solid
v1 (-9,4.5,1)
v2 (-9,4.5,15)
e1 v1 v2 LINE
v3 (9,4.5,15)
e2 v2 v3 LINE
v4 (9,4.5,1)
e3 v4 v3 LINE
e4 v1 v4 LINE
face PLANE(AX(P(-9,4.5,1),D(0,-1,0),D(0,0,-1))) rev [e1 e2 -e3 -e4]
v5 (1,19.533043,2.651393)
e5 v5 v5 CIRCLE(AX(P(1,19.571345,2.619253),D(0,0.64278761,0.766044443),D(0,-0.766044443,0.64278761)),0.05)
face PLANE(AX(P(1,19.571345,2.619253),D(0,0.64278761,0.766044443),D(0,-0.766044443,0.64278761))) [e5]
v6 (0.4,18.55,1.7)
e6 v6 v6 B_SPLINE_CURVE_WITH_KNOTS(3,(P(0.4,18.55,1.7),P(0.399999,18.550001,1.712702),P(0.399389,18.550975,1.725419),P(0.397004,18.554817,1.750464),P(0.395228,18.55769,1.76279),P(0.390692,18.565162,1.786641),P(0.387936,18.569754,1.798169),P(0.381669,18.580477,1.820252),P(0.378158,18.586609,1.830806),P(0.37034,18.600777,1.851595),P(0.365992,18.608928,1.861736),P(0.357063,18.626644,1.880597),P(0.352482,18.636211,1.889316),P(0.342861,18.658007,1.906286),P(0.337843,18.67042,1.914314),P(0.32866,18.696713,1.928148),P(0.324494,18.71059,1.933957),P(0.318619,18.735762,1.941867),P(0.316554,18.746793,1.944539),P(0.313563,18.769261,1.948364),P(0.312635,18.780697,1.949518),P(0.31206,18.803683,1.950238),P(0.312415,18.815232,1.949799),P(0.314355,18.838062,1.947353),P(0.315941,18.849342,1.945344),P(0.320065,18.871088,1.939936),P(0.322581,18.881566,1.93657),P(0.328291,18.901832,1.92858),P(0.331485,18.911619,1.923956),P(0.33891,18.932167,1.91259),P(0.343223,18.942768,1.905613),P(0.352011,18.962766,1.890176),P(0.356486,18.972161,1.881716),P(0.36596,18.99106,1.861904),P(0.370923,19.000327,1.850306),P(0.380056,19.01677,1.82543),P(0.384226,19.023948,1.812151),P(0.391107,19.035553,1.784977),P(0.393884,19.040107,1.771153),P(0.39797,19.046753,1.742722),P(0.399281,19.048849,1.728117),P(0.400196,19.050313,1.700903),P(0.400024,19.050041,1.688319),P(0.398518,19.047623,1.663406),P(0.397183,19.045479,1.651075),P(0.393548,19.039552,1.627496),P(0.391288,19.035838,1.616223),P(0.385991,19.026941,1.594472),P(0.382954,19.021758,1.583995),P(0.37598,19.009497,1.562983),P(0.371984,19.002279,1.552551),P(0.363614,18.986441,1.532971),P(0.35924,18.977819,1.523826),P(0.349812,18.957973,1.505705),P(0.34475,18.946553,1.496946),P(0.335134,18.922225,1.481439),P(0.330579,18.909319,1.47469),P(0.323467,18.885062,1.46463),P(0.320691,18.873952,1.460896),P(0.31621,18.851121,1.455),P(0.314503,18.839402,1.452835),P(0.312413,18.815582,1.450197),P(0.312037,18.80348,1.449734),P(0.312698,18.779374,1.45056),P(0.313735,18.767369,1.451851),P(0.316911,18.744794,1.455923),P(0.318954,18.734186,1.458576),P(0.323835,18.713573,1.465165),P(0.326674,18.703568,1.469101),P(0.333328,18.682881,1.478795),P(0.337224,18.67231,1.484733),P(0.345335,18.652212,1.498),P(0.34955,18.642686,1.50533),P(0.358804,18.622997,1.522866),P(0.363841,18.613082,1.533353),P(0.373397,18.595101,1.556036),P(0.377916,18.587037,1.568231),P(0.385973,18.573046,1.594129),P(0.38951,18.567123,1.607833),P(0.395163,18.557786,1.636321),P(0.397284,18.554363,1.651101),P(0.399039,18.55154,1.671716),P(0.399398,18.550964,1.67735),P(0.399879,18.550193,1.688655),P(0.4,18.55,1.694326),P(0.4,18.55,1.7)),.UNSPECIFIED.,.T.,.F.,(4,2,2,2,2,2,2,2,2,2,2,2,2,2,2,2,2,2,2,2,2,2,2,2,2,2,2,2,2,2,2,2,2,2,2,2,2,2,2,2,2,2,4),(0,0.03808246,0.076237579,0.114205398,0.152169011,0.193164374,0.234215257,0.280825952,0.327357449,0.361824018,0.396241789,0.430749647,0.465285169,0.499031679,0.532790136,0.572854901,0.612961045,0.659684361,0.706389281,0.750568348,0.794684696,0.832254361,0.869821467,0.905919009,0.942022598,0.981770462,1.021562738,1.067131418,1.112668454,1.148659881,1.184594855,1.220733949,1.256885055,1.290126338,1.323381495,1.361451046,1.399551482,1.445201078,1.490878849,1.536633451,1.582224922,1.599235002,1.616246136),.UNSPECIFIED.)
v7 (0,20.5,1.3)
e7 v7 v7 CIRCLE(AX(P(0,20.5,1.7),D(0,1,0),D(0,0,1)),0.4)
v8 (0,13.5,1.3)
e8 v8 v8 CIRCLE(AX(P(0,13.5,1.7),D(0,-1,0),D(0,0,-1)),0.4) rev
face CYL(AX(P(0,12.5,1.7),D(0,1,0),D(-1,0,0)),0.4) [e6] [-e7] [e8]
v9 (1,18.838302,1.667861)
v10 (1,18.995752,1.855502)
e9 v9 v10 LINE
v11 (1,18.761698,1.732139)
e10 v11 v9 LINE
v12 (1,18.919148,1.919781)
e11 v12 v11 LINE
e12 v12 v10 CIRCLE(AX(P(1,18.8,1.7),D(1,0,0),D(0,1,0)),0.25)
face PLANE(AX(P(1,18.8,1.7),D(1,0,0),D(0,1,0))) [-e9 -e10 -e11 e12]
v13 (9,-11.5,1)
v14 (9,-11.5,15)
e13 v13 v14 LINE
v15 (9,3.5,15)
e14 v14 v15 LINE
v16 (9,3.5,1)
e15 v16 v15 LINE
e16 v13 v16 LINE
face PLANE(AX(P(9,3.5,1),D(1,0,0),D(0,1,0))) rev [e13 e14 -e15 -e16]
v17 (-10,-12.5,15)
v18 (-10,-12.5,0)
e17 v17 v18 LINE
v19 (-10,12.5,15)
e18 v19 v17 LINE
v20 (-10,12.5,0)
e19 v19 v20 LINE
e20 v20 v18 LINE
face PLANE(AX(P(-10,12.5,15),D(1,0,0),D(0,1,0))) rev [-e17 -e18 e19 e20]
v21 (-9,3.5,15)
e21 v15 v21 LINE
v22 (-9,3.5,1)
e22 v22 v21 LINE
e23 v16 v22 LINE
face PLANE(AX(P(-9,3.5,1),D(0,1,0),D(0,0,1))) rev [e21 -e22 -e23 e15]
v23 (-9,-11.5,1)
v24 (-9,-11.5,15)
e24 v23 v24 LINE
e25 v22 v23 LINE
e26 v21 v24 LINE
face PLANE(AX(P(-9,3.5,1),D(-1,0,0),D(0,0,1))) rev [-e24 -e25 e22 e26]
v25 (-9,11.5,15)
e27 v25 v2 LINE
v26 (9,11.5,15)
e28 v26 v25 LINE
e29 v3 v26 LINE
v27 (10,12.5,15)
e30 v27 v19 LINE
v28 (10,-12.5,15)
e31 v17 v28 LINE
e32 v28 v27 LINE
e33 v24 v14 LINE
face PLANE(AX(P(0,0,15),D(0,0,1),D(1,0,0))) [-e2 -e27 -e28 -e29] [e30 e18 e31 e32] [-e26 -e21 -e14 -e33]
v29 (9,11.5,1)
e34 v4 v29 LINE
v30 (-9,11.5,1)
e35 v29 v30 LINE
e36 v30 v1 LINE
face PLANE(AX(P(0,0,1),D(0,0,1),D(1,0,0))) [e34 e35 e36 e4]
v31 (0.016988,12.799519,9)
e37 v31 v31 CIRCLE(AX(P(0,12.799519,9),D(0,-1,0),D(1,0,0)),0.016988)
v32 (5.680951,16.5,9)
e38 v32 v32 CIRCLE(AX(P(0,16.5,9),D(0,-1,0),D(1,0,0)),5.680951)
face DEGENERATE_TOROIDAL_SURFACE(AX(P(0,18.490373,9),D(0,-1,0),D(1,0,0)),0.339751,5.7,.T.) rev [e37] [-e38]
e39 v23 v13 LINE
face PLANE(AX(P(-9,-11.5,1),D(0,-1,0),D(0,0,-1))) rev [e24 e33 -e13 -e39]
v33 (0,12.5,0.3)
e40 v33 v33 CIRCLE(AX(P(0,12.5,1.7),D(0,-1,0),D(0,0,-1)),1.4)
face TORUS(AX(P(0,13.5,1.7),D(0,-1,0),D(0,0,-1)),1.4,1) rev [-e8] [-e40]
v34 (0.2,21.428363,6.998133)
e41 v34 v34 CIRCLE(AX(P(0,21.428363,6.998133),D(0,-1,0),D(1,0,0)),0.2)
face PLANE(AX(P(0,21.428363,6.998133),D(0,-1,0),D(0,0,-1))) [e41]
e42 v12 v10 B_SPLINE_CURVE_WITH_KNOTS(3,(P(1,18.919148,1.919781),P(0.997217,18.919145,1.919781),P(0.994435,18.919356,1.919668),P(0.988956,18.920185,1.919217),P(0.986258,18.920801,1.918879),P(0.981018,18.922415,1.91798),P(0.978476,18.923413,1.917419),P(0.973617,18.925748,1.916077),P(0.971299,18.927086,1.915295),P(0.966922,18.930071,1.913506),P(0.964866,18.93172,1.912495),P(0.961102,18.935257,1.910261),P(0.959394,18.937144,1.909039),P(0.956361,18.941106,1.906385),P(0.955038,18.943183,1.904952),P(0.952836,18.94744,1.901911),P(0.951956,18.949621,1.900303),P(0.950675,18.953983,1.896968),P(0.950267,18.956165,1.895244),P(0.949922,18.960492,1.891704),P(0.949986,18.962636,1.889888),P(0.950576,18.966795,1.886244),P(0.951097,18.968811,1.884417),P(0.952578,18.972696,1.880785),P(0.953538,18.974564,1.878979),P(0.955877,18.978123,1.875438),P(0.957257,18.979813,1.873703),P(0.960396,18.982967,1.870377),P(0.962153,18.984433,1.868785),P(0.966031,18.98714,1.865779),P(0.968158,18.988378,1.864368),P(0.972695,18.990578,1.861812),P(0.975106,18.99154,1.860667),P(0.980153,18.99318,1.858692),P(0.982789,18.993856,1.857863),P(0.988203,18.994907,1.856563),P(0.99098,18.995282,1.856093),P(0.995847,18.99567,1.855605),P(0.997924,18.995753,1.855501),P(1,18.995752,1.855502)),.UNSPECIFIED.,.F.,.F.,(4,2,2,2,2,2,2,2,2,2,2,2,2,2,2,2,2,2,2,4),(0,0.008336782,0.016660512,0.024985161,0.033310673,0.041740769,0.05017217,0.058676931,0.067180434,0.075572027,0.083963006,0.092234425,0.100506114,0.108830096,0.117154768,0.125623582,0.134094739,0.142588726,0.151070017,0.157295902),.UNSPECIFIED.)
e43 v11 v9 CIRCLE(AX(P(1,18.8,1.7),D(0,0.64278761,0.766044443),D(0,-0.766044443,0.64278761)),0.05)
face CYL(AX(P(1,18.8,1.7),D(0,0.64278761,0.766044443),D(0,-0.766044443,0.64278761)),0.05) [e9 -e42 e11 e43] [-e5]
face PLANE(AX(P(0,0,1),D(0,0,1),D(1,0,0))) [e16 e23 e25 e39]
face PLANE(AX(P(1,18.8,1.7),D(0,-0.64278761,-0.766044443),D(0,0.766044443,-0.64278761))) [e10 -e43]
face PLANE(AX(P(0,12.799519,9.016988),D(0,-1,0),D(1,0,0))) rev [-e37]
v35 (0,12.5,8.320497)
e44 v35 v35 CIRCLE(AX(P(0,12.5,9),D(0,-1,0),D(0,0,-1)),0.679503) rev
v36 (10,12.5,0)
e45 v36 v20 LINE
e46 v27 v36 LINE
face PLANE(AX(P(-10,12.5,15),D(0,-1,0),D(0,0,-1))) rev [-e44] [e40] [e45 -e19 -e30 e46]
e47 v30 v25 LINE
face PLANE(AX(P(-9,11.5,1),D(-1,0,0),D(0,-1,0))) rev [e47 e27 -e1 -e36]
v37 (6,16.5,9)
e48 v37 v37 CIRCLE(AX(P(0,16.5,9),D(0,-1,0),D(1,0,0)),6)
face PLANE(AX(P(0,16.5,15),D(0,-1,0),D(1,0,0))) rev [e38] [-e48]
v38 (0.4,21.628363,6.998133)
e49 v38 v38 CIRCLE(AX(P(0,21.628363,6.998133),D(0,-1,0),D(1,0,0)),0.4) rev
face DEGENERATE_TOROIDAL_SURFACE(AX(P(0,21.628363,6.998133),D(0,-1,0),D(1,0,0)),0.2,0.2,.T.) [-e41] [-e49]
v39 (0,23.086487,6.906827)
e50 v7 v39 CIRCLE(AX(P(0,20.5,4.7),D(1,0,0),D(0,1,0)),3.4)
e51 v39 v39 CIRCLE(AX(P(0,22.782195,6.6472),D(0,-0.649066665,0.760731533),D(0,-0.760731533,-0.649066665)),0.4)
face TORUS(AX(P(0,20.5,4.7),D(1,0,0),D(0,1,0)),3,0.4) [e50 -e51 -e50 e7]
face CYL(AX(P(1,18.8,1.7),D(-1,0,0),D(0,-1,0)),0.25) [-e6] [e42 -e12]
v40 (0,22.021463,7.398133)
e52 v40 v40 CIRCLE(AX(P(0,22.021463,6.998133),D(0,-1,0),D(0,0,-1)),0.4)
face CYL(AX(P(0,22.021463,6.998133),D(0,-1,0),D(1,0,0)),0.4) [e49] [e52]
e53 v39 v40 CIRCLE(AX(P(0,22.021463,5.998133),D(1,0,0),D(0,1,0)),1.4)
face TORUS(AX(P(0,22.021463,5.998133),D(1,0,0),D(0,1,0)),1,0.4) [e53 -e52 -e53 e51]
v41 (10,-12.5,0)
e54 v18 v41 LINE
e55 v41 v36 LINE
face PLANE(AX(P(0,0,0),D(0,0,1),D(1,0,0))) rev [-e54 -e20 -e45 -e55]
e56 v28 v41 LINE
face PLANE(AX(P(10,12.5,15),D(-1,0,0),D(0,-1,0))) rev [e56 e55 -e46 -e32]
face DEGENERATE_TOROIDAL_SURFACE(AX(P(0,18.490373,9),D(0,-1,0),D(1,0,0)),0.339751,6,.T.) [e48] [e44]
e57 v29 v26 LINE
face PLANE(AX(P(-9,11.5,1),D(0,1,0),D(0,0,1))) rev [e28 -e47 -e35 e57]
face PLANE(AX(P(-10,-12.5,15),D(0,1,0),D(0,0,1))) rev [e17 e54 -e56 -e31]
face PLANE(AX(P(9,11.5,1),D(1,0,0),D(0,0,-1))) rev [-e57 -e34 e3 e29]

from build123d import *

# Parameters (mm, degrees)
SKETCH_1_W          = 20
SKETCH_1_H          = 25
EXTRUDE_1_DEPTH     = 15
SKETCH_2_W          = 18
SKETCH_2_H          = 7
SKETCH_2_H_2        = 15
CUT_EXTRUDE_1_DEPTH = 14
SKETCH_5_R          = 0.4
FILLET_1_R          = 1
SKETCH_7_R          = 0.25
EXTRUDE_3_DEPTH     = 1
FILLET_2_R          = 0.2


with BuildPart() as part:
    # 草圖1 → 填料-伸長1 (new body)
    with BuildSketch(Plane.XY):
        Rectangle(SKETCH_1_W, SKETCH_1_H)
    extrude(amount=EXTRUDE_1_DEPTH)

    # 草圖2 → 除料-伸長1 (cut)
    with BuildSketch(Plane.XY.offset(15)):
        with Locations((0, 8)):
            Rectangle(SKETCH_2_W, SKETCH_2_H)
        with Locations((0, -4)):
            Rectangle(SKETCH_2_W, SKETCH_2_H_2)
    extrude(amount=-CUT_EXTRUDE_1_DEPTH, mode=Mode.SUBTRACT)

    # 草圖4 → 旋轉4 (revolve)
    with BuildSketch(Plane(origin=(0, 0, 0), x_dir=(0, 0, -1), z_dir=(1, 0, 0)), mode=Mode.PRIVATE) as revolve_4_sk:
        with BuildLine():
            Line((-15, 16.5), (-14.680951103, 16.5))
            ThreePointArc((-14.680951103, 16.5), (-12.457373104, 13.7185354), (-9.016987566, 12.799518652))
            Line((-9.016987566, 12.799518652), (-9, 12.799518652))
            Line((-9, 12.799518652), (-9, 12.5))
            ThreePointArc((-9, 12.5), (-12.66795249, 13.498071265), (-15, 16.5))
        make_face()
    revolve(revolve_4_sk.sketch.rotate(Axis((0, -12.5, 9), (0, 1, 0)), 90), axis=Axis((0, -12.5, 9), (0, 1, 0)))

    # 掃出1: sweep along a path in 草圖6
    with BuildLine(Plane(origin=(0, 0, 0), x_dir=(0, 0, -1), z_dir=(1, 0, 0))) as sweep_1_path:
        Line((-1.7, 12.5), (-1.7, 20.5))
        ThreePointArc((-1.7, 20.5), (-3.443337751, 23.224114533), (-6.647199994, 22.782194598))
        ThreePointArc((-6.647199994, 22.782194598), (-6.906171507, 22.440350482), (-6.998133329, 22.021463065))
        Line((-6.998133329, 22.021463065), (-6.998133329, 21.428362829))
    # 草圖5 → 掃出1 (sweep)
    with BuildSketch(Plane(origin=(0, 12.5, 0), x_dir=(1, 0, 0), z_dir=(0, 1, 0))):
        with Locations((0, -1.7)):
            Circle(SKETCH_5_R)
    sweep(path=sweep_1_path.line)

    # 圓角1
    fillet_1_edges = [part.edges().sort_by_distance(p)[0] for p in [
        (-0.4, 12.5, 1.7),
    ]]
    fillet(fillet_1_edges, radius=FILLET_1_R)

    # 草圖7 → 填料-伸長3 (add)
    with BuildSketch(Plane(origin=(0, 0, 0), x_dir=(0, 0, -1), z_dir=(1, 0, 0))):
        with Locations(Location((-1.7, 18.8, 0), (0, 0, 270))):
            Circle(SKETCH_7_R)
    extrude(amount=EXTRUDE_3_DEPTH)

    # 草圖8 → 旋轉5 (revolve)
    with BuildSketch(Plane(origin=(1, 0, 0), x_dir=(0, 0, -1), z_dir=(1, 0, 0))):
        Polygon((-2.619253332, 19.571345132), (-1.7, 18.8), (-1.73213938, 18.761697778), (-2.651392712, 19.533042909), align=None)
    revolve(axis=Axis((1, 18.8, 1.7), (0, -0.6427876096865434, -0.7660444431189747)))

    # 圓角2
    fillet_2_edges = [part.edges().sort_by_distance(p)[0] for p in [
        (-0.4, 21.428362829, 6.998133329),
    ]]
    fillet(fillet_2_edges, radius=FILLET_2_R)


solid = part.part
